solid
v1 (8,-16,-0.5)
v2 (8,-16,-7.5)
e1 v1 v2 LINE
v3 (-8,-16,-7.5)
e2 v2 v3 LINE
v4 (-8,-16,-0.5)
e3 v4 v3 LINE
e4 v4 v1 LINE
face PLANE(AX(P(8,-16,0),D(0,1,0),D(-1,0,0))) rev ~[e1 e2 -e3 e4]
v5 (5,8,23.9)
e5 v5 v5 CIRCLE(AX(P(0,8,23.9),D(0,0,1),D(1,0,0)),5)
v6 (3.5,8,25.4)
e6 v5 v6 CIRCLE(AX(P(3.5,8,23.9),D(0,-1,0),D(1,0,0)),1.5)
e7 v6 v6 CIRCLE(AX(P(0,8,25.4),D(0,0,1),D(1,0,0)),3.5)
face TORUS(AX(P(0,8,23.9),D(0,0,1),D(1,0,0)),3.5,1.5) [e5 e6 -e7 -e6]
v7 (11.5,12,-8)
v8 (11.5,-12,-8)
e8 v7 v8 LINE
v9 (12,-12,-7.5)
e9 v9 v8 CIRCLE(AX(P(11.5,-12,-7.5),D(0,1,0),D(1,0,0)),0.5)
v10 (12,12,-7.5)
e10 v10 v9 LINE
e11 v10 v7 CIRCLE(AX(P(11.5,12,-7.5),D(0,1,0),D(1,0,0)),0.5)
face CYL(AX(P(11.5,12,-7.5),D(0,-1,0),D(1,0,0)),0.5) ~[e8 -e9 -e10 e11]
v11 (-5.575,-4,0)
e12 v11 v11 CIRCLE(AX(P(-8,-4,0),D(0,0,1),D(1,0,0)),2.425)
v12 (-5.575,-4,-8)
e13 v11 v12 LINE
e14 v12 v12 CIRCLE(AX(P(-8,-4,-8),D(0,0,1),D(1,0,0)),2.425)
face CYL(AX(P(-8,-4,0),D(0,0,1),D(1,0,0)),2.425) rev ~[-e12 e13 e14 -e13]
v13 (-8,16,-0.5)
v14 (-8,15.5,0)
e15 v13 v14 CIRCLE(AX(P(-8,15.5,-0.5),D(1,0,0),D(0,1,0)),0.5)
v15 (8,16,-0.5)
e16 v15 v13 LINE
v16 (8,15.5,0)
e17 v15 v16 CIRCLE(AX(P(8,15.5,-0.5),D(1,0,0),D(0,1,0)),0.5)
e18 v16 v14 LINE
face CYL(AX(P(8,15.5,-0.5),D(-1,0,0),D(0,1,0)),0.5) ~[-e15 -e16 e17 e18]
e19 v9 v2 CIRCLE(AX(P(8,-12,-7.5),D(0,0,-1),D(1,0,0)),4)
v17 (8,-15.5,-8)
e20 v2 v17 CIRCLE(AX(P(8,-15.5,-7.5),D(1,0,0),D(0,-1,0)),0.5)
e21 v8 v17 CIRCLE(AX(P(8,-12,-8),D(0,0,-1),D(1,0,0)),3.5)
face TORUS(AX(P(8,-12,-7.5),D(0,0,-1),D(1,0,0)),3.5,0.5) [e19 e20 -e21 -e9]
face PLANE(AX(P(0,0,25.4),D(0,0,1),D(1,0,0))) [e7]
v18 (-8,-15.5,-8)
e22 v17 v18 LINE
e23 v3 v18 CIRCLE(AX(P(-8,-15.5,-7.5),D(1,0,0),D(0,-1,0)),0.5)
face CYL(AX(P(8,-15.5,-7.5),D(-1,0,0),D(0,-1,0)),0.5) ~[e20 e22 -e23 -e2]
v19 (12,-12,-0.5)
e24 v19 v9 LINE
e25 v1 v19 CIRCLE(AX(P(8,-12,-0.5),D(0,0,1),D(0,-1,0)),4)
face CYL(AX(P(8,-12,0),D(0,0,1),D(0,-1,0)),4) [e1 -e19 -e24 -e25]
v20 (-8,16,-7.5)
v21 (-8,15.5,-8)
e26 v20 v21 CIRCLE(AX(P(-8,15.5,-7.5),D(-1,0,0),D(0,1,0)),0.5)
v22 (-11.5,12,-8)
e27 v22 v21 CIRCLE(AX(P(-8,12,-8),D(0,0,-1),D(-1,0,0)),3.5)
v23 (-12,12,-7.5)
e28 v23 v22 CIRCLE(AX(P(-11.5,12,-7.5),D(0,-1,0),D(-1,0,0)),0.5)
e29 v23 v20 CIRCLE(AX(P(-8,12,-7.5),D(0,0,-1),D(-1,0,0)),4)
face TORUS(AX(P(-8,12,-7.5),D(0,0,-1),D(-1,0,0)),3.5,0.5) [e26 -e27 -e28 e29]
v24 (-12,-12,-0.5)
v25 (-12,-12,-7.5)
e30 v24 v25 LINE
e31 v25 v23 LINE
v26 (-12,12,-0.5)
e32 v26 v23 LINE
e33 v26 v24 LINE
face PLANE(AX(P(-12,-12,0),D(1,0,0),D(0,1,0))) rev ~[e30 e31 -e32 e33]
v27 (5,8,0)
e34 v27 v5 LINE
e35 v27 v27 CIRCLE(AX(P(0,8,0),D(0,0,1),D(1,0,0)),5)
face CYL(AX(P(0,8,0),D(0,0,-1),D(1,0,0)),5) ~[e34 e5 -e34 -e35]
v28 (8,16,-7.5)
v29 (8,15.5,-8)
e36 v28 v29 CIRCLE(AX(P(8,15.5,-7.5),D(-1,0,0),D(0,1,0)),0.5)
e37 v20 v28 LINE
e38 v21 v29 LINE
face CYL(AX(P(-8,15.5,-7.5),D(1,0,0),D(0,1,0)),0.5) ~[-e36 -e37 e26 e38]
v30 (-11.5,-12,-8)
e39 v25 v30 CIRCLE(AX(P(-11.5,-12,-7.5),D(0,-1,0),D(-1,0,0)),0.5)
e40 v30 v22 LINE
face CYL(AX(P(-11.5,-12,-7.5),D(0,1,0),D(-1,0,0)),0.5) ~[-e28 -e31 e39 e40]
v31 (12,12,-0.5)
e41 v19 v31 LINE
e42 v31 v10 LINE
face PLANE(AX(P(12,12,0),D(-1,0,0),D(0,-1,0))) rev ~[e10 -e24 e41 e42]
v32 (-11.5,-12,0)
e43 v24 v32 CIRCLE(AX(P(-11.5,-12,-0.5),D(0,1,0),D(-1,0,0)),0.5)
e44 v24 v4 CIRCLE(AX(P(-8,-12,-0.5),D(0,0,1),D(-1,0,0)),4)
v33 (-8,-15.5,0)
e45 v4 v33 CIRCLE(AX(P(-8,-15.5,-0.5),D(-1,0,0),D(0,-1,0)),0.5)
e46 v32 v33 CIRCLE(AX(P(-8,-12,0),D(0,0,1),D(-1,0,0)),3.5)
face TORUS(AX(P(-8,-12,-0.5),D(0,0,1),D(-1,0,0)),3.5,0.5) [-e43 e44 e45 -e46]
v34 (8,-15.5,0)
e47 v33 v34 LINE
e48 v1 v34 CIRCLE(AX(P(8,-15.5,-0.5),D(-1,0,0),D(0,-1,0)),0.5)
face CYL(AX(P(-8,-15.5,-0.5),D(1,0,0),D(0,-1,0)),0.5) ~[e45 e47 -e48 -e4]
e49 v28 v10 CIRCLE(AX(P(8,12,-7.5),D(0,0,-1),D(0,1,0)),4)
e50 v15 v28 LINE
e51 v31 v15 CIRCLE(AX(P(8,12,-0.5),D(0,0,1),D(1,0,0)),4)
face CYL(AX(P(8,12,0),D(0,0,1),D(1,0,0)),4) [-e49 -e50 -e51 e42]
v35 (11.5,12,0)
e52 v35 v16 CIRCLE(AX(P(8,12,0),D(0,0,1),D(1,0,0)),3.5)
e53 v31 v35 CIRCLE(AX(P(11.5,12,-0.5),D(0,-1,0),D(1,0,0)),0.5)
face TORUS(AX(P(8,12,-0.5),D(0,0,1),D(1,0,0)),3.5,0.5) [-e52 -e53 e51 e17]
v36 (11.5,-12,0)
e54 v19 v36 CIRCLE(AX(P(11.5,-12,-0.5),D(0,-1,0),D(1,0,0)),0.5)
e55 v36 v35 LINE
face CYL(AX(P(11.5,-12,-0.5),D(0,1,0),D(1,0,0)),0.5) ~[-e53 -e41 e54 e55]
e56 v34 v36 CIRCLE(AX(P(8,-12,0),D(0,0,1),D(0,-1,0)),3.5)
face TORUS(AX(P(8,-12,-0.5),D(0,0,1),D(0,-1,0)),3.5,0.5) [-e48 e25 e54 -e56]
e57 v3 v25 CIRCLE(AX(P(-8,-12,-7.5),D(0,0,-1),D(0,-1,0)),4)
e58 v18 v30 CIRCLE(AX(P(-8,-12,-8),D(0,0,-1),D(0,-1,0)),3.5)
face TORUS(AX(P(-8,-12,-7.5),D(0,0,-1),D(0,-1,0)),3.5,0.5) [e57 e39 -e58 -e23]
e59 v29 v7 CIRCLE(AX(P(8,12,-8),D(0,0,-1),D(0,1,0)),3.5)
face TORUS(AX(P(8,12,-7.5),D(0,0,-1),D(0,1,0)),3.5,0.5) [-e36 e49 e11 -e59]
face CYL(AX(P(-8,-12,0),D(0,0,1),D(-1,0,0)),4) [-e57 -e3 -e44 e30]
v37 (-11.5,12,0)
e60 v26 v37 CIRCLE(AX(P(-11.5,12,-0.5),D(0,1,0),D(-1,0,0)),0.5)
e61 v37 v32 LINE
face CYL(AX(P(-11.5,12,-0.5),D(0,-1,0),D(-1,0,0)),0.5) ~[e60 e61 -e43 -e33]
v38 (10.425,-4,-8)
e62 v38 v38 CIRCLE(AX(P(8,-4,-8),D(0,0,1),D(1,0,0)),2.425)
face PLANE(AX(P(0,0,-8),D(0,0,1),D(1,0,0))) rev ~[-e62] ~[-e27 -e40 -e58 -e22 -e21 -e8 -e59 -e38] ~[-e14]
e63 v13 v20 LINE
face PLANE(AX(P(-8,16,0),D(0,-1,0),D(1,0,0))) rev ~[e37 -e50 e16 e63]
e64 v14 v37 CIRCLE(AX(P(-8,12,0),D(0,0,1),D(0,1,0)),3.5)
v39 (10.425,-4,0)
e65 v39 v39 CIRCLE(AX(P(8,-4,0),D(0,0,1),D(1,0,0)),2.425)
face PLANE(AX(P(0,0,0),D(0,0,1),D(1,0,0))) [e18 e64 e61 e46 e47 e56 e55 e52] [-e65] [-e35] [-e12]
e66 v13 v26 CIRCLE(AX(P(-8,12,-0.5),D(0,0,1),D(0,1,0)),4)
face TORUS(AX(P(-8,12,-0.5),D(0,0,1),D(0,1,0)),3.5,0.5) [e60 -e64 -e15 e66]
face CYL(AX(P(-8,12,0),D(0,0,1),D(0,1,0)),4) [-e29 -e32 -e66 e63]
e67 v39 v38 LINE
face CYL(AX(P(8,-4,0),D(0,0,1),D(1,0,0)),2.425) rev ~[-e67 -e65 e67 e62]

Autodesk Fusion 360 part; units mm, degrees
sketch "Esquisse1" plane through (0, 0, 0) normal (0, 0, 1) x (1, 0, 0)
  line L0 (8, -16) -> (-8, -16)
  line L1 (-12, -12) -> (-12, 12)
  line L2 (-8, 16) -> (8, 16)
  line L3 (12, 12) -> (12, -12)
  line L4 (12, -16) -> (-12, 16) construction
  line L5 (-12, -16) -> (12, 16) construction
  circle A0 centre (-8, -4) radius 2.425
  circle A1 centre (8, -4) radius 2.425
  circle A2 centre (0, 8) radius 5
  arc A3 (-12, -12) -> (-8, -16) centre (-8, -12) ccw
  arc A4 (8, -16) -> (12, -12) centre (8, -12) ccw
  arc A5 (12, 12) -> (8, 16) centre (8, 12) ccw
  arc A6 (-8, 16) -> (-12, 12) centre (-8, 12) ccw
  dimension "d1" = 24
  dimension "d2" = 32
  dimension "d3" = 4.85
  dimension "d4" = 4.85
  dimension "d5" = 12
  dimension "d6" = 12
  dimension "d7" = 16
  dimension "d8" = 10
  dimension "d9" = 8
  dimension "d10" = 4
extrude "Extrusion1" add sketch "Esquisse1" against normal blind 8 contours L0 L1 L2 L3 A3 A4 A5 A6 | A2
extrude "Extrusion2" add sketch "Esquisse1" along normal blind 25.4 contours A2
fillet "Congé1" radius 0.5 16 edges at (0, -16, -8) (-10.8284, -14.8284, -8) (-12, 0, -8) (-10.8284, 14.8284, -8) (0, 16, -8) (10.8284, 14.8284, -8) (12, 0, -8) (10.8284, -14.8284, -8) (10.8284, -14.8284, 0) (0, -16, 0) (-10.8284, -14.8284, 0) (-12, 0, 0) (-10.8284, 14.8284, 0) (0, 16, 0) (10.8284, 14.8284, 0) (12, 0, 0)
fillet "Congé2" radius 1.5 1 edges at (-4.6616, 6.1919, 25.4)
equation "d6 = d5"
